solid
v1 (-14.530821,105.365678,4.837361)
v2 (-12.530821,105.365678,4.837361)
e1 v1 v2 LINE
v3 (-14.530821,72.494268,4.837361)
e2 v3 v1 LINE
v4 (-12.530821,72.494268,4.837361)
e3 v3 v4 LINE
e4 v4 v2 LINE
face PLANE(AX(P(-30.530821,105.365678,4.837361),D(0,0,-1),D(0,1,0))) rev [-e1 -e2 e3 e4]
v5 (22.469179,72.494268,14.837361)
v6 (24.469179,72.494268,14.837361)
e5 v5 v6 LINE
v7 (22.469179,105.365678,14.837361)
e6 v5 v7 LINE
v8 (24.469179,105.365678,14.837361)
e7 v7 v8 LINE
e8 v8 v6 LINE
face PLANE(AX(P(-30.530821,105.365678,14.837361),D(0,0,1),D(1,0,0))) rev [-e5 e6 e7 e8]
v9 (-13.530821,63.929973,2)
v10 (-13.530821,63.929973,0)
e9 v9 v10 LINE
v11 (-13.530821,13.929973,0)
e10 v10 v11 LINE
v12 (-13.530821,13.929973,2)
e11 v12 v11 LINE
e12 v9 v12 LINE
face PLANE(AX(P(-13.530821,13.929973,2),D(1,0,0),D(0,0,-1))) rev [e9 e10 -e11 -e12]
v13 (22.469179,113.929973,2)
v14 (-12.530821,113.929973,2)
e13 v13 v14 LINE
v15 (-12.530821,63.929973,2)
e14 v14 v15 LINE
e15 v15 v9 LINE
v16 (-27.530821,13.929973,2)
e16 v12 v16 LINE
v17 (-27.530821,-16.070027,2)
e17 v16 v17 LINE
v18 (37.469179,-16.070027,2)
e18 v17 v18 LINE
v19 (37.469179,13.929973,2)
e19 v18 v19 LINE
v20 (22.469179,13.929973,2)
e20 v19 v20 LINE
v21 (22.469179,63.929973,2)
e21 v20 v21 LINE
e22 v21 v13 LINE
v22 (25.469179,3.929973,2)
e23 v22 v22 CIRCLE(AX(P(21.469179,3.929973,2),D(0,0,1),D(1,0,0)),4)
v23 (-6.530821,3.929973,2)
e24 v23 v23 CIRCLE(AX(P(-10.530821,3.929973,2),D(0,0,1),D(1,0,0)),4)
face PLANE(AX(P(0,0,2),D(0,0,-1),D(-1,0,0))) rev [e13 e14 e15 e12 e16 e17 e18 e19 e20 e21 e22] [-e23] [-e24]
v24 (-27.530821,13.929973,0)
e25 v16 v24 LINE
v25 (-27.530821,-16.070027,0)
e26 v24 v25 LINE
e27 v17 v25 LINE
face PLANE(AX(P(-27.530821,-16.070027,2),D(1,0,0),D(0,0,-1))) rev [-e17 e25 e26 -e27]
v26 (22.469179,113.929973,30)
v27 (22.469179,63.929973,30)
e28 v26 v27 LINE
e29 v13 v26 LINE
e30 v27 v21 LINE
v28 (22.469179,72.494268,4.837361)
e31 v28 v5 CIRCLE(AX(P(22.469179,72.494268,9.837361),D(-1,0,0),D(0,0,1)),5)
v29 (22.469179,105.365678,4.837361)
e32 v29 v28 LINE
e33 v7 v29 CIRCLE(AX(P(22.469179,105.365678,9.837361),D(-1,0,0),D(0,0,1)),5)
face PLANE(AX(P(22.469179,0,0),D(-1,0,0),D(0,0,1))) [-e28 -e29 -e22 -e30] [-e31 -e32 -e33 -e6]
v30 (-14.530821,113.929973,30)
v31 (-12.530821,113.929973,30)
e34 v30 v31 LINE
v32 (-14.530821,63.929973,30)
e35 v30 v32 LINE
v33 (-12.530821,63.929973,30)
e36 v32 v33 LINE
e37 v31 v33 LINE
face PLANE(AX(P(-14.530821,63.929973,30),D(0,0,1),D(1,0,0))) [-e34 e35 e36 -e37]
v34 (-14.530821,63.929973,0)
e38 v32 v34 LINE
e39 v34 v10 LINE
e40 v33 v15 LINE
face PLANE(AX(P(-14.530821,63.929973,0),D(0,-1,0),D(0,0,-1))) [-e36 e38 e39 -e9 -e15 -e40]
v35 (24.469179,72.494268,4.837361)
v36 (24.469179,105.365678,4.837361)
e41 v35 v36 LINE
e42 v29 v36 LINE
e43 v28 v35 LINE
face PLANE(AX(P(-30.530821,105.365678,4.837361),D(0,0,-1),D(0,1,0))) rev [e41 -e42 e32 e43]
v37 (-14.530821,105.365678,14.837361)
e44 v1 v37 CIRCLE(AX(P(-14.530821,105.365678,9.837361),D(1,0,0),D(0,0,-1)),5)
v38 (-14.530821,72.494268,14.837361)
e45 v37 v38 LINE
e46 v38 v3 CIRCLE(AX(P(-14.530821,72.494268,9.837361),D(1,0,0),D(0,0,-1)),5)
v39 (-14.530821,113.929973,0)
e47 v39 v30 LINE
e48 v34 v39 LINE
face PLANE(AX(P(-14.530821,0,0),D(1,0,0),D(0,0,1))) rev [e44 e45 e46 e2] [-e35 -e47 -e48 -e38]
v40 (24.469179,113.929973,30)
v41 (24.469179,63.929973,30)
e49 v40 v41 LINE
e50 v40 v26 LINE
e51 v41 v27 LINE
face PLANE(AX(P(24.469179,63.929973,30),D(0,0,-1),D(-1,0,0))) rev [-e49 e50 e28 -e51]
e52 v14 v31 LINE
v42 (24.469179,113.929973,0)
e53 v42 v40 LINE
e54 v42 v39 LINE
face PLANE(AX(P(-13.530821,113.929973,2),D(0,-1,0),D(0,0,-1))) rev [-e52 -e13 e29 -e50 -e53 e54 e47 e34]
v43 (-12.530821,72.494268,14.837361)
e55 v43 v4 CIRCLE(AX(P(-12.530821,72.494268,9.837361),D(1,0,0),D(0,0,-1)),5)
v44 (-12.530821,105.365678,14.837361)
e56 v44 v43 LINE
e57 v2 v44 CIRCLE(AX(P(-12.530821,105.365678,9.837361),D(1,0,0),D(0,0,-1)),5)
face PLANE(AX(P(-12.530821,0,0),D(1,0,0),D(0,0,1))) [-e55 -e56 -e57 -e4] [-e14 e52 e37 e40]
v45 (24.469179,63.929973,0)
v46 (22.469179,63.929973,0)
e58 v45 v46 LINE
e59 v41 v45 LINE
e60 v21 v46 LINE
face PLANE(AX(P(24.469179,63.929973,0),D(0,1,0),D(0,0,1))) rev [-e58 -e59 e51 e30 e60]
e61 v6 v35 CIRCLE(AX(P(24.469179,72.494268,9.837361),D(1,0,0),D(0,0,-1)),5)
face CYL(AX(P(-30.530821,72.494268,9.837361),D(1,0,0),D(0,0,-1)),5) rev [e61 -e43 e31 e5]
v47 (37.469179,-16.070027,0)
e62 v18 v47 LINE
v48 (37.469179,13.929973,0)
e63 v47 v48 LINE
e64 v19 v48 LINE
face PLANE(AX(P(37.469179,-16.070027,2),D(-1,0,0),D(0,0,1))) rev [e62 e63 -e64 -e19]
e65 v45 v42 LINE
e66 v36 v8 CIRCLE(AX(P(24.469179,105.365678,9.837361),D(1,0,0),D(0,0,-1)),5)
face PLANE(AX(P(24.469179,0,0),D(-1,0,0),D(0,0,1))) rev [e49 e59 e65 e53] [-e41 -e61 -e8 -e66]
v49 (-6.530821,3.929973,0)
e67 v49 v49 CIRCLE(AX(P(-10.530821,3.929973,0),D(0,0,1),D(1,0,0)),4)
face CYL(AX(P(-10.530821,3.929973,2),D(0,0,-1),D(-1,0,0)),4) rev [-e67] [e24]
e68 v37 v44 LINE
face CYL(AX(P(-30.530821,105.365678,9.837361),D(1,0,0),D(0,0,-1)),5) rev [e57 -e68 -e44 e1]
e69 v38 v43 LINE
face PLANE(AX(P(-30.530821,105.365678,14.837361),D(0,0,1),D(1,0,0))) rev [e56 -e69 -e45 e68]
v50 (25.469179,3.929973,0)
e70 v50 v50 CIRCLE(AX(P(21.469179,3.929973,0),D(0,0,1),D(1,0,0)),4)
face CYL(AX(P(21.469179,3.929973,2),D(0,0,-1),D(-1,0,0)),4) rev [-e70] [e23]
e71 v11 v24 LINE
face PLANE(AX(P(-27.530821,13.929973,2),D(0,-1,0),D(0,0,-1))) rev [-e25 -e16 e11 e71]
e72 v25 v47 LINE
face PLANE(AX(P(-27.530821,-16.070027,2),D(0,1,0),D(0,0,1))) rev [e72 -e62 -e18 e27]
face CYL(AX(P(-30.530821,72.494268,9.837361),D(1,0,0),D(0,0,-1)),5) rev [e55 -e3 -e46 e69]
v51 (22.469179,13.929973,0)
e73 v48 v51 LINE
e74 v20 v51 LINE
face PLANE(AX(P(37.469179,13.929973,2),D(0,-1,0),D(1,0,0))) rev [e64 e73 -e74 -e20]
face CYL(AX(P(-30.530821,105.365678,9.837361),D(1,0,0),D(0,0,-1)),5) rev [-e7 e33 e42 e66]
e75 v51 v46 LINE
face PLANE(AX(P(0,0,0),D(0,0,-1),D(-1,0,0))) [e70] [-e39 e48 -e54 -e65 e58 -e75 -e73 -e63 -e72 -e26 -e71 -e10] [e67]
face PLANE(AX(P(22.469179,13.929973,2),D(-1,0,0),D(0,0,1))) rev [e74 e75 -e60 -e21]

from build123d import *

# Parameters (mm, degrees)
SKETCH_1_R          = 4
EXTRUDE_1_DEPTH     = 2
SKETCH_2_W          = 30
SKETCH_2_H          = 50
EXTRUDE_2_DEPTH     = 2
CUT_EXTRUDE_1_DEPTH = 55


with BuildPart() as part:
    # 草图1 → 凸台-拉伸1 (new body)
    with BuildSketch(Plane.XY):
        Polygon((-27.530821095, -16.070026793), (37.469178905, -16.070026793), (37.469178905, 13.929973207), (22.469178905, 13.929973207), (22.469178905, 113.929973207), (-13.530821095, 113.929973207), (-13.530821095, 13.929973207), (-27.530821095, 13.929973207), align=None)
        with Locations((21.469178905, 3.929973207)):
            Circle(SKETCH_1_R, mode=Mode.SUBTRACT)
        with Locations((-10.530821095, 3.929973207)):
            Circle(SKETCH_1_R, mode=Mode.SUBTRACT)
    extrude(amount=EXTRUDE_1_DEPTH)

    # 草图2 → 凸台-拉伸2 (add)
    with BuildSketch(Plane(origin=(22.469178905, 0, 0), x_dir=(0, 0, -1), z_dir=(1, 0, 0))):
        with Locations((-15, 88.929973207)):
            Rectangle(SKETCH_2_W, SKETCH_2_H)
    extrude_2 = extrude(amount=EXTRUDE_2_DEPTH)

    # 镜向1: 凸台-拉伸2 across plane
    add(extrude_2.mirror(Plane(origin=(4.969178905, 0, 0), x_dir=(0, 0, 1), z_dir=(1, 0, 0))))

    # 草图3 → 切除-拉伸1 (cut)
    with BuildSketch(Plane(origin=(24.469178905, 0, 0), x_dir=(0, 0, -1), z_dir=(1, 0, 0))):
        with BuildLine():
            Line((-14.837360519, 105.36567793), (-14.837360519, 72.494268484))
            ThreePointArc((-14.837360519, 72.494268484), (-9.837360519, 67.494268484), (-4.837360519, 72.494268484))
            Line((-4.837360519, 72.494268484), (-4.837360519, 105.36567793))
            ThreePointArc((-4.837360519, 105.36567793), (-9.837360519, 110.36567793), (-14.837360519, 105.36567793))
        make_face()
    extrude(amount=-CUT_EXTRUDE_1_DEPTH, mode=Mode.SUBTRACT)


solid = part.part
